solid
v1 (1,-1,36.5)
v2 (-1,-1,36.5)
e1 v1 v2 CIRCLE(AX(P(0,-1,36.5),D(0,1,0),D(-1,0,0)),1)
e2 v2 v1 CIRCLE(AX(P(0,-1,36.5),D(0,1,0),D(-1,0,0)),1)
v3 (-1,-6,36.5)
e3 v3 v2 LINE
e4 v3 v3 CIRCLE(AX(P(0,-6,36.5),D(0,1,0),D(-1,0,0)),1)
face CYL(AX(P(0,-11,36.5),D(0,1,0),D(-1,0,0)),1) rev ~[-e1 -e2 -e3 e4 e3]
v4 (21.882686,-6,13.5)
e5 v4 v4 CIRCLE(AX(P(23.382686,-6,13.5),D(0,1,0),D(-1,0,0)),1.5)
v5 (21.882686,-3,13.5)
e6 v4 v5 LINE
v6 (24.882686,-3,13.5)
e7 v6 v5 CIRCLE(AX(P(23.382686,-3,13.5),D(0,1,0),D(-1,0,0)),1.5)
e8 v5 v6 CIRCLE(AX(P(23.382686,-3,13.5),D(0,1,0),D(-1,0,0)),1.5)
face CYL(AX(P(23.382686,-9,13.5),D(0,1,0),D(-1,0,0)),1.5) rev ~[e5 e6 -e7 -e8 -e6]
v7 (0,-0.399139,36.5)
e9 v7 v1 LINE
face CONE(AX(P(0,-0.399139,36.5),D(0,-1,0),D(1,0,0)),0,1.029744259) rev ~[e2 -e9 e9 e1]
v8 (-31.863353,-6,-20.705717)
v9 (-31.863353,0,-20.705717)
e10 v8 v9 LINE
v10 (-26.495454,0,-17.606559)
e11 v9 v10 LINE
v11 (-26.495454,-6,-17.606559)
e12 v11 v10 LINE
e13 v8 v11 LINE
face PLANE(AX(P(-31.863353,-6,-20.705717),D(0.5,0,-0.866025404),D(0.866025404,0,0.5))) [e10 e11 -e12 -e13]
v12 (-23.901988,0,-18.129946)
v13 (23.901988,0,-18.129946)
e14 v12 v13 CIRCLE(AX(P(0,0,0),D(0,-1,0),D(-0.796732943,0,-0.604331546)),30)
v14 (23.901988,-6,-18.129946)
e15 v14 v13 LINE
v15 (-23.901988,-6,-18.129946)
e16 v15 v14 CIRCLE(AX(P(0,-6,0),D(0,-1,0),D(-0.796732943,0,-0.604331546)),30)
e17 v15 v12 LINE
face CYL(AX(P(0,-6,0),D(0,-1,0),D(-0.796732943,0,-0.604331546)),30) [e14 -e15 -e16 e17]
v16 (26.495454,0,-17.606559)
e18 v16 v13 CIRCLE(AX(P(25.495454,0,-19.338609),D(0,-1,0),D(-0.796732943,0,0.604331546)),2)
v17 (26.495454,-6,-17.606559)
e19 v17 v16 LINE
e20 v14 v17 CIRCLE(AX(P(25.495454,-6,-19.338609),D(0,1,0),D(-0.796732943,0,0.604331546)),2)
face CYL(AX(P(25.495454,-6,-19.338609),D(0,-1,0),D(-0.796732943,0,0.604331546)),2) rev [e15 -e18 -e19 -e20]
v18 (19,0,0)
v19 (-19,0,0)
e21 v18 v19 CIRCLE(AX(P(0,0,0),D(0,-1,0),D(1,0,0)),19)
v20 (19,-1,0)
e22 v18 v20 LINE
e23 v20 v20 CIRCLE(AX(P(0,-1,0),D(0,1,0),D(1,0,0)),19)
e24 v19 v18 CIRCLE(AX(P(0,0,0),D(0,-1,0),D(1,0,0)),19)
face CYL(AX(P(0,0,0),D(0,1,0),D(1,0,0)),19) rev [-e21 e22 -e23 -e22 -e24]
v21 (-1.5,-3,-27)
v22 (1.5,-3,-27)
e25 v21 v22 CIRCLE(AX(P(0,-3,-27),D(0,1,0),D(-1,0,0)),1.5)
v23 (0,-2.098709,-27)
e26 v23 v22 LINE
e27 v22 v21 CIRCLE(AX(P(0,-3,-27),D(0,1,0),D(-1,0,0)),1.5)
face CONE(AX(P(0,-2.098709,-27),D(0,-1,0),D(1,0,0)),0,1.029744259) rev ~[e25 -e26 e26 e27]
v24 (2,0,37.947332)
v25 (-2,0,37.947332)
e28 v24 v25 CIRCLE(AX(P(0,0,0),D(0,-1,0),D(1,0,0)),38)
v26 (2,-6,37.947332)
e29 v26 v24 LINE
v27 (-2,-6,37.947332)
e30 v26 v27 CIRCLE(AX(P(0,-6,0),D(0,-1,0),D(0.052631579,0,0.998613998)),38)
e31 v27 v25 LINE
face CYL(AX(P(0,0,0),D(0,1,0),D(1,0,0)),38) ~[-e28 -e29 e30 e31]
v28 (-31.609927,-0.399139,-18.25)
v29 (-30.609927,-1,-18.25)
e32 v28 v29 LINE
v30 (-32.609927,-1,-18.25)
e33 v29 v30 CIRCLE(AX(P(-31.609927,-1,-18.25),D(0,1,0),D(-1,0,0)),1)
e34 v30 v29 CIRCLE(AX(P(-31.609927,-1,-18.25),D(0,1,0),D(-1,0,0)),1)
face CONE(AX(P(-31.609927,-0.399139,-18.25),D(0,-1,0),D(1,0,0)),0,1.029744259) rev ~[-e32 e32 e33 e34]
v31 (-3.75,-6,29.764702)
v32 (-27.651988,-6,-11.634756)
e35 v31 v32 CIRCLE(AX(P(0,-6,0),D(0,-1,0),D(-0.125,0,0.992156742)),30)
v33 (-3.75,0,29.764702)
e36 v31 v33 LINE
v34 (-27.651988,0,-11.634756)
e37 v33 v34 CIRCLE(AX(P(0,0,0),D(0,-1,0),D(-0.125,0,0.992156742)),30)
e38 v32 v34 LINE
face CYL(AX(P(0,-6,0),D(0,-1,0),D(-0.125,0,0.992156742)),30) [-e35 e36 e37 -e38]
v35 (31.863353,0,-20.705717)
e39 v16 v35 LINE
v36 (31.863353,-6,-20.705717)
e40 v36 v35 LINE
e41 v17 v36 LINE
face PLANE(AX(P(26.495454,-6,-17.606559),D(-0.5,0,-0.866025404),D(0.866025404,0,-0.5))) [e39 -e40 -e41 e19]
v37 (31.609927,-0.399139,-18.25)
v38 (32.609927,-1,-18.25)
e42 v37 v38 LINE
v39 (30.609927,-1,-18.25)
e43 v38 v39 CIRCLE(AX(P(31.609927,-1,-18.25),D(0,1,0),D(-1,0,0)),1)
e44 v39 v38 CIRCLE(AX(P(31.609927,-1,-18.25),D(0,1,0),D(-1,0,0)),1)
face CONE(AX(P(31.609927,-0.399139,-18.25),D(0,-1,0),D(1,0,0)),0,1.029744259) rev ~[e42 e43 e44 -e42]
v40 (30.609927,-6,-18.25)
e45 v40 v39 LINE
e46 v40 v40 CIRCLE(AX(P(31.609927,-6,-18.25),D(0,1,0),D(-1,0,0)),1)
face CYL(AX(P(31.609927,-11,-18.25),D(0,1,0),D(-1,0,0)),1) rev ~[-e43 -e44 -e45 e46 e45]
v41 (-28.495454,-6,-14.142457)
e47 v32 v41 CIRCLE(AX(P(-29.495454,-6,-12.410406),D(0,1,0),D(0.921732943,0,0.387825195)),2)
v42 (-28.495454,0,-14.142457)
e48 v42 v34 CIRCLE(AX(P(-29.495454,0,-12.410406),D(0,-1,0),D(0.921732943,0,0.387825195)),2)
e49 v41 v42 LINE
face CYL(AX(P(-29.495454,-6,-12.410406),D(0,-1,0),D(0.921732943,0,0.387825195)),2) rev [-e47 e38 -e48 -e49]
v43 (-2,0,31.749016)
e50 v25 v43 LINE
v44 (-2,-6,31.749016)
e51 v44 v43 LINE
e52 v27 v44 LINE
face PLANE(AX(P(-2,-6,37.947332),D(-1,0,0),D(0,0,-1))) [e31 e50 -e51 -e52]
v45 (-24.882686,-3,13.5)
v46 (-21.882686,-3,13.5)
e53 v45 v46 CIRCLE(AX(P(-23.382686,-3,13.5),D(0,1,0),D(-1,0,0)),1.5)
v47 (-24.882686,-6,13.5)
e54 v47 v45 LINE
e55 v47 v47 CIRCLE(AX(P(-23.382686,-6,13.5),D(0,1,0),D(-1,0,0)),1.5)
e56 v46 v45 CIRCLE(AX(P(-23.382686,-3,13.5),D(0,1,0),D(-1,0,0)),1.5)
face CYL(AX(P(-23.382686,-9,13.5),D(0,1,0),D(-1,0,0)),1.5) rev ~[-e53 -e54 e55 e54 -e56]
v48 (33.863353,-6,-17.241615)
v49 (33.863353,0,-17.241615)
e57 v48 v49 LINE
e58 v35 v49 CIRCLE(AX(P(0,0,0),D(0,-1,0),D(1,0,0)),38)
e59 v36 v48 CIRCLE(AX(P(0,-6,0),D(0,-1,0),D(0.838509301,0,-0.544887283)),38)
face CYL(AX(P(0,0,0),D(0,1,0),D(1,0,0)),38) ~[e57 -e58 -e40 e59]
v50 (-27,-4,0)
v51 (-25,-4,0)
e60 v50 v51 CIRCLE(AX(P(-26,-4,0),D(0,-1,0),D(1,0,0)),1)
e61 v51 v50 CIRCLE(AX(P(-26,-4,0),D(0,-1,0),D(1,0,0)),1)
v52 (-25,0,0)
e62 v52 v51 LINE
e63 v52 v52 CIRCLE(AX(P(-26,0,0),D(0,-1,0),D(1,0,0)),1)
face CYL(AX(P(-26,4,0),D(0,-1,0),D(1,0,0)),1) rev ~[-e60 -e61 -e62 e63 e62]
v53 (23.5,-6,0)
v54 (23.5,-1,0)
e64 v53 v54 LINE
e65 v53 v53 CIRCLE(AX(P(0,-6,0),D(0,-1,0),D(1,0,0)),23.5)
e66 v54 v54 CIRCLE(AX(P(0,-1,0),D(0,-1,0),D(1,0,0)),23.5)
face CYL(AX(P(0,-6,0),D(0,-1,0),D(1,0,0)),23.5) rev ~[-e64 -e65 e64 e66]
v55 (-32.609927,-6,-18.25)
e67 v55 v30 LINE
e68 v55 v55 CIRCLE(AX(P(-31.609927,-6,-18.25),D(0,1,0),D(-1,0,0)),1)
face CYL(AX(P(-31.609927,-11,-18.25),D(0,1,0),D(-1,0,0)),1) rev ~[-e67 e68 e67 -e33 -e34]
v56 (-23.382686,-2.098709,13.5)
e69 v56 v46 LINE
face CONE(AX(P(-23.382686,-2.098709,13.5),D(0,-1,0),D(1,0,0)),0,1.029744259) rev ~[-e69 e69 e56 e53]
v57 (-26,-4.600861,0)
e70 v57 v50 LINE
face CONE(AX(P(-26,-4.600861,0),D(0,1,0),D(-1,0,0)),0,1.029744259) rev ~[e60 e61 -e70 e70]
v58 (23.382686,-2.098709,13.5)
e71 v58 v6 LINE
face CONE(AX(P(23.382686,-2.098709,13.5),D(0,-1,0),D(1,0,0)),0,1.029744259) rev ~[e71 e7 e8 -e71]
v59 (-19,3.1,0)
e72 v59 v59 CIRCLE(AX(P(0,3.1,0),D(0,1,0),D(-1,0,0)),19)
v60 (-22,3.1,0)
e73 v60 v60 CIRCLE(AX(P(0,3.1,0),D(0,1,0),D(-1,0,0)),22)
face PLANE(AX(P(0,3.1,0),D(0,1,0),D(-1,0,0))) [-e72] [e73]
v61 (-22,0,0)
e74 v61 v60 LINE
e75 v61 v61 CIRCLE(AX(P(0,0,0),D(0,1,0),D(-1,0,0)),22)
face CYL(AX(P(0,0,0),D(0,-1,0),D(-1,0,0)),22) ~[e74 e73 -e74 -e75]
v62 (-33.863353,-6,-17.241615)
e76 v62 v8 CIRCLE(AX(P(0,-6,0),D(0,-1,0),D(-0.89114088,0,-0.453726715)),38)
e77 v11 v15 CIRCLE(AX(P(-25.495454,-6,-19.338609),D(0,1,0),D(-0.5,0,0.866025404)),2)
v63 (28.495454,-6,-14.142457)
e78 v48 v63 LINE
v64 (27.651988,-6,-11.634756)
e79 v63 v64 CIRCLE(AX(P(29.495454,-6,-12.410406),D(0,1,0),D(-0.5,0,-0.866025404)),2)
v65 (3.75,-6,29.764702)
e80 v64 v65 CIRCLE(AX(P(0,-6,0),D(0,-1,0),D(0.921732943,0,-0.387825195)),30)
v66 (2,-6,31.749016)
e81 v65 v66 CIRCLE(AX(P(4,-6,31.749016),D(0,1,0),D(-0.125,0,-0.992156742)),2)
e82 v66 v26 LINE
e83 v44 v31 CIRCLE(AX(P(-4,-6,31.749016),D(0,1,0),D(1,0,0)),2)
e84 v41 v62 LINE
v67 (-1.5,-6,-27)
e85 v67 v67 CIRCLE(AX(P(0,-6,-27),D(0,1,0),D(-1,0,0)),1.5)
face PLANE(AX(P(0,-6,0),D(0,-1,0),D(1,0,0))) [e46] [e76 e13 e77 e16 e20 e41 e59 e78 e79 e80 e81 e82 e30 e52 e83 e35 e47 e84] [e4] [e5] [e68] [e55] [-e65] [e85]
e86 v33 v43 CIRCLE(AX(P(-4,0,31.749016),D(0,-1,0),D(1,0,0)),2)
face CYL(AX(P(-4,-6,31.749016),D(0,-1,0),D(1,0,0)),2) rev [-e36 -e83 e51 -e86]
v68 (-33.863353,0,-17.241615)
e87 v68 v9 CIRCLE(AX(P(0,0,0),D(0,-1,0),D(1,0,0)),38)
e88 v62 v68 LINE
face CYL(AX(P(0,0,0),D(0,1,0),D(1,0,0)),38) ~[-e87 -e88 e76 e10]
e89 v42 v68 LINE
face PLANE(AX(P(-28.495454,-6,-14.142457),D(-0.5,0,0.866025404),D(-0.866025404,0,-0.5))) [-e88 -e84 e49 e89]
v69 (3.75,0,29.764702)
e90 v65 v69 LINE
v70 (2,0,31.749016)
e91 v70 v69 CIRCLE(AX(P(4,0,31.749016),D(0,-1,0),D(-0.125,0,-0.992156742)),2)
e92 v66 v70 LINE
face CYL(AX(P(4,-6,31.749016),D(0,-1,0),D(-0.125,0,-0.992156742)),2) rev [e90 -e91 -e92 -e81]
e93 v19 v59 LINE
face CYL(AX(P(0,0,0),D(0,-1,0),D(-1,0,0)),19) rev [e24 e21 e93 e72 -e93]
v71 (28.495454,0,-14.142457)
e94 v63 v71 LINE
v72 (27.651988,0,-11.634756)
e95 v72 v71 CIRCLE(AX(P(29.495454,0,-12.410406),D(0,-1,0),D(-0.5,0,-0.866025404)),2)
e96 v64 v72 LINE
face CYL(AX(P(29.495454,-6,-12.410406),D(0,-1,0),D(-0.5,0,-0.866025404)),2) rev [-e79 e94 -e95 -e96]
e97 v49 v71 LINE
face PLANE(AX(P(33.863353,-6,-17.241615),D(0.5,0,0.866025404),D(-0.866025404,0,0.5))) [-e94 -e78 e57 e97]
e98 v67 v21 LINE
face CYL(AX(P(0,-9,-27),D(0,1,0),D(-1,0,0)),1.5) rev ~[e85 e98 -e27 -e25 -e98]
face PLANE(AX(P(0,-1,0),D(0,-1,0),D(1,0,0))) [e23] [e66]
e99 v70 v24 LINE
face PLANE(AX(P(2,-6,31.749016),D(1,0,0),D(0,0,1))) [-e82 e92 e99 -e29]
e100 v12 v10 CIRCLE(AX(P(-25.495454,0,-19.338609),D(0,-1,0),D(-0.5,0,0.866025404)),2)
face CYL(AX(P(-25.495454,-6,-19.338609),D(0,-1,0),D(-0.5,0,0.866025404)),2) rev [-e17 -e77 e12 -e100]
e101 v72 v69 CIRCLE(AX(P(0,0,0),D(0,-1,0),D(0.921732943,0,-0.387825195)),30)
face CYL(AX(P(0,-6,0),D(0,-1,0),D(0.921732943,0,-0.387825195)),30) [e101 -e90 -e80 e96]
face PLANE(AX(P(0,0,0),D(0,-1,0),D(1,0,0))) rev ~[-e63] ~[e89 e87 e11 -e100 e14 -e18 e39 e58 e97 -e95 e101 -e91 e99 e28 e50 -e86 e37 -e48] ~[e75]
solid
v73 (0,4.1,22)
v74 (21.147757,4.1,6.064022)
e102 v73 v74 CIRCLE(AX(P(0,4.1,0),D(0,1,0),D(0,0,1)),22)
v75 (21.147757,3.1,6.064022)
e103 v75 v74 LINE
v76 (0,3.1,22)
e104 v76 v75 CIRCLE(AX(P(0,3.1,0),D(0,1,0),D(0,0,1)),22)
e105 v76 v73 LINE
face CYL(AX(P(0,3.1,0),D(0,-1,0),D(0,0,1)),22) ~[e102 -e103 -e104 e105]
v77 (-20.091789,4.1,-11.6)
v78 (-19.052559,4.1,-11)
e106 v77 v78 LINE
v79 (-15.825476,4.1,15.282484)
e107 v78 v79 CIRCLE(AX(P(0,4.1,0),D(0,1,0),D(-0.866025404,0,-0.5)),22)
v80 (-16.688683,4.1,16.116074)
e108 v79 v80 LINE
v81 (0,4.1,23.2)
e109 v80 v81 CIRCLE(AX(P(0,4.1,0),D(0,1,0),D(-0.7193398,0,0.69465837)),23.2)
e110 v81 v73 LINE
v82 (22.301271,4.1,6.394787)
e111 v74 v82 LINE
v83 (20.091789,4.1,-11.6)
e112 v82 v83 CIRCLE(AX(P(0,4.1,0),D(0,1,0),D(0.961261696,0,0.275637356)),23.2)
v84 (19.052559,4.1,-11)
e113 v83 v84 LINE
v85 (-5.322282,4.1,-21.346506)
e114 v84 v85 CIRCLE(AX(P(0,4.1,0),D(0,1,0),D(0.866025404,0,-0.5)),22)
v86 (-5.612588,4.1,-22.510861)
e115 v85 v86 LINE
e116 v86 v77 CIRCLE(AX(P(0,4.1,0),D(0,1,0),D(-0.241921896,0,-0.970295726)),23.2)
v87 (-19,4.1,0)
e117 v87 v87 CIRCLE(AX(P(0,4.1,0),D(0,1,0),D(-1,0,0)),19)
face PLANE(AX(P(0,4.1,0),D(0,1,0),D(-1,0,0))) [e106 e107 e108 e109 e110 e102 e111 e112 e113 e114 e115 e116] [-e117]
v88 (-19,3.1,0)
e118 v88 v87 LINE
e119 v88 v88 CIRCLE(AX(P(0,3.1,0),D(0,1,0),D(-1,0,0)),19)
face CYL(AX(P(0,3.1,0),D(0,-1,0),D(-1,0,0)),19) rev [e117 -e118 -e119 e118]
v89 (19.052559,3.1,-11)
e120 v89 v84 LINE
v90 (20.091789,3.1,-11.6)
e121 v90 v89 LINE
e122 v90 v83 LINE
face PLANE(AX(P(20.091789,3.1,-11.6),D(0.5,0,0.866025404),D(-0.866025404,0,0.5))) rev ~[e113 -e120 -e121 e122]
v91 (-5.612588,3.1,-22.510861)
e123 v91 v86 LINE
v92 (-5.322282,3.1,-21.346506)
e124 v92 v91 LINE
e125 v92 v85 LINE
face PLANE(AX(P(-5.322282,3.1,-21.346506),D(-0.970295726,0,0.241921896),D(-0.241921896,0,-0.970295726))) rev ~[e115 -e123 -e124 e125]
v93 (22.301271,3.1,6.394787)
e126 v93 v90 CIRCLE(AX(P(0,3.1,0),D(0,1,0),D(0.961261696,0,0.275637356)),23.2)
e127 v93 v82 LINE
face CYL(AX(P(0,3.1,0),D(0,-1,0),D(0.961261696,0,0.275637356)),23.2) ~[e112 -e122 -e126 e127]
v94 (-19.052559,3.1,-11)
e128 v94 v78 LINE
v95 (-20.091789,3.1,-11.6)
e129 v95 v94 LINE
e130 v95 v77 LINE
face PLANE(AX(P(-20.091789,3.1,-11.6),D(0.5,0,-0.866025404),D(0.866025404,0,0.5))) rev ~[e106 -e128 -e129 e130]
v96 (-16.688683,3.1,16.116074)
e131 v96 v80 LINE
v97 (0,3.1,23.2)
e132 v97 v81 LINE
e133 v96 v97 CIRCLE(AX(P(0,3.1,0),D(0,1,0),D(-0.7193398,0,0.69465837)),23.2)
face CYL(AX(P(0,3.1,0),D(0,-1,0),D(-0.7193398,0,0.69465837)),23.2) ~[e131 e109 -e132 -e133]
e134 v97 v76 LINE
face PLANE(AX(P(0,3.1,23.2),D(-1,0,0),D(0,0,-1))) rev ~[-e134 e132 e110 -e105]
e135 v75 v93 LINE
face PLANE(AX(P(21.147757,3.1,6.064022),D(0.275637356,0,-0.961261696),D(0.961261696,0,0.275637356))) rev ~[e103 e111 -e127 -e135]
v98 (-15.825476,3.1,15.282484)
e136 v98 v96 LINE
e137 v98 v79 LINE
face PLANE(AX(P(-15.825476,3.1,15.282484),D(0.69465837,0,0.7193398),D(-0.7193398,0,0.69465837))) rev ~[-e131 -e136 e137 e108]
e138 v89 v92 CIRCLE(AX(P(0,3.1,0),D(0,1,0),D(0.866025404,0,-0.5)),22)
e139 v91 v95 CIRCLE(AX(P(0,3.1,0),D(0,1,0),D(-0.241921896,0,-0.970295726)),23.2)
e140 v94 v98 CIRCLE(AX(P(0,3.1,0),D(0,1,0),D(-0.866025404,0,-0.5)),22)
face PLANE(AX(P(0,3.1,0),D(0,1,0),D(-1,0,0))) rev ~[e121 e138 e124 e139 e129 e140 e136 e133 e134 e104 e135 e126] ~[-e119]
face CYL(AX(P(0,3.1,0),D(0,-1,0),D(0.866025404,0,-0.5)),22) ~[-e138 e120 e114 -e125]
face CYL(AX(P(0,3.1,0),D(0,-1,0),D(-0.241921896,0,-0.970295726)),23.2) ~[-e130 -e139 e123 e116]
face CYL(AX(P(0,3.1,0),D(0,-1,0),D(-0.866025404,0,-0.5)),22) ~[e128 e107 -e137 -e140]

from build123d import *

# Parameters (mm, degrees)
F0_R      = 38
F0_R_2    = 19
F1_DEPTH  = 6
F2_R      = 22
F2_R_2    = 19
F3_DEPTH  = 3.1
F4_R      = 19
F5_DEPTH  = 1
F7_D      = 2
F7_DEPTH  = 4
F7_TIP    = 0.600860619
F9_D      = 3
F9_DEPTH  = 3
F9_TIP    = 0.9012909285
F10_D     = 2
F10_DEPTH = 5
F10_TIP   = 0.600860619
F12_DEPTH = 10.101
F13_R     = 23.5
F14_DEPTH = 5


with BuildPart() as f1:
    # F0 (on Front) → F1 (new body)
    with BuildSketch(Plane.XZ):
        Circle(F0_R)
        Circle(F0_R_2, mode=Mode.SUBTRACT)
    extrude(amount=F1_DEPTH)

    # F2 (on face) → F3 (join)
    with BuildSketch(Plane(origin=(0, 0, 0), x_dir=(-1, 0, 0), z_dir=(0, 1, 0))):
        Circle(F2_R)
        Circle(F2_R_2, mode=Mode.SUBTRACT)
    extrude(amount=F3_DEPTH)

    # F7
    with Locations(Plane(origin=(0, 0, 0), x_dir=(-1, 0, 0), z_dir=(0, 1, 0))):
        with Locations((26, 0)):
            Hole(F7_D / 2, depth=F7_DEPTH)
            with Locations((0, 0, -(F7_DEPTH + F7_TIP / 2))):  # 118° drill point
                Cone(0, F7_D / 2, F7_TIP, mode=Mode.SUBTRACT)

    # F9
    with Locations(Plane.XZ.offset(6)):
        with Locations((23.3826859022, 13.5), (-23.3826859022, 13.5), (0, -27)):
            Hole(F9_D / 2, depth=F9_DEPTH)
            with Locations((0, 0, -(F9_DEPTH + F9_TIP / 2))):  # 118° drill point
                Cone(0, F9_D / 2, F9_TIP, mode=Mode.SUBTRACT)

    # F10
    with Locations(Plane.XZ.offset(6)):
        with Locations((0, 36.5), (31.6099272381, -18.25), (-31.6099272381, -18.25)):
            Hole(F10_D / 2, depth=F10_DEPTH)
            with Locations((0, 0, -(F10_DEPTH + F10_TIP / 2))):  # 118° drill point
                Cone(0, F10_D / 2, F10_TIP, mode=Mode.SUBTRACT)


with BuildPart() as f5:
    # F4 (on face) → F5 (new body)
    with BuildSketch(Plane(origin=(0, 3.1, 0), x_dir=(-1, 0, 0), z_dir=(0, 1, 0))):
        with BuildLine():
            Line((-21.1477573106, 6.064021828), (-22.3012713458, 6.394786655))
            ThreePointArc((-22.3012713458, 6.394786655), (-23.0270707181, -2.827368767), (-20.0917893678, -11.6))
            Line((-20.0917893678, -11.6), (-19.0525588833, -11))
            ThreePointArc((-19.0525588833, -11), (-8.5960848268, -20.251106776), (5.3222817032, -21.3465059781))
            Line((5.3222817032, -21.3465059781), (5.6125879779, -22.5108608496))
            ThreePointArc((5.6125879779, -22.5108608496), (13.9621085371, -18.5283438331), (20.0917893678, -11.6))
            Line((20.0917893678, -11.6), (19.0525588833, -11))
            ThreePointArc((19.0525588833, -11), (21.8360153361, 2.6811255549), (15.8254756075, 15.2824841501))
            Line((15.8254756075, 15.2824841501), (16.6886833679, 16.1160741946))
            ThreePointArc((16.6886833679, 16.1160741946), (9.064962181, 21.3557126001), (0, 23.2))
            Line((0, 23.2), (0, 22))
            ThreePointArc((0, 22), (-13.2399305093, 17.569981221), (-21.1477573106, 6.064021828))
        make_face()
        Circle(F4_R, mode=Mode.SUBTRACT)
    extrude(amount=F5_DEPTH)


with BuildPart() as f12_tool:
    # F11 (on face) → F12 (new body, through all)
    with BuildSketch(Plane.XZ.offset(6)):
        with BuildLine():
            ThreePointArc((-2, 31.7490157328), (-2.5, 30.4261400772), (-3.75, 29.7647022495))
            ThreePointArc((-3.75, 29.7647022495), (-25.9807621135, 15), (-27.6519882841, -11.6347558605))
            ThreePointArc((-27.6519882841, -11.6347558605), (-27.599810246, -13.0480065292), (-28.4954541697, -14.1424570588))
            Line((-28.4954541697, -14.1424570588), (-33.8633534503, -17.2416151534))
            ThreePointArc((-33.8633534503, -17.2416151534), (-32.9089653438, -19), (-31.8633534503, -20.7057167686))
            Line((-31.8633534503, -20.7057167686), (-26.4954541697, -17.606558674))
            ThreePointArc((-26.4954541697, -17.606558674), (-25.099810246, -17.3781335481), (-23.9019882841, -18.1299463889))
            ThreePointArc((-23.9019882841, -18.1299463889), (0, -30), (23.9019882841, -18.1299463889))
            ThreePointArc((23.9019882841, -18.1299463889), (25.099810246, -17.3781335481), (26.4954541697, -17.606558674))
            Line((26.4954541697, -17.606558674), (31.8633534503, -20.7057167686))
            ThreePointArc((31.8633534503, -20.7057167686), (32.9089653438, -19), (33.8633534503, -17.2416151534))
            Line((33.8633534503, -17.2416151534), (28.4954541697, -14.1424570588))
            ThreePointArc((28.4954541697, -14.1424570588), (27.599810246, -13.0480065292), (27.6519882841, -11.6347558605))
            ThreePointArc((27.6519882841, -11.6347558605), (25.9807621135, 15), (3.75, 29.7647022495))
            ThreePointArc((3.75, 29.7647022495), (2.5, 30.4261400772), (2, 31.7490157328))
            Line((2, 31.7490157328), (2, 37.947331922))
            ThreePointArc((2, 37.947331922), (0, 38), (-2, 37.947331922))
            Line((-2, 37.947331922), (-2, 31.7490157328))
        make_face()
    extrude(amount=-F12_DEPTH)


with BuildPart() as f1_1:
    add(f1.part)

    # F12: intersect by f12_tool
    add(f12_tool.part, mode=Mode.INTERSECT)

    # F13 (on face) → F14 (cut)
    with BuildSketch(Plane.XZ.offset(6)):
        Circle(F13_R)
    extrude(amount=-F14_DEPTH, mode=Mode.SUBTRACT)


with BuildPart() as f5_1:
    add(f5.part)

    # F12: intersect by f12_tool
    add(f12_tool.part, mode=Mode.INTERSECT)


solid = Compound([f1_1.part, f5_1.part])
